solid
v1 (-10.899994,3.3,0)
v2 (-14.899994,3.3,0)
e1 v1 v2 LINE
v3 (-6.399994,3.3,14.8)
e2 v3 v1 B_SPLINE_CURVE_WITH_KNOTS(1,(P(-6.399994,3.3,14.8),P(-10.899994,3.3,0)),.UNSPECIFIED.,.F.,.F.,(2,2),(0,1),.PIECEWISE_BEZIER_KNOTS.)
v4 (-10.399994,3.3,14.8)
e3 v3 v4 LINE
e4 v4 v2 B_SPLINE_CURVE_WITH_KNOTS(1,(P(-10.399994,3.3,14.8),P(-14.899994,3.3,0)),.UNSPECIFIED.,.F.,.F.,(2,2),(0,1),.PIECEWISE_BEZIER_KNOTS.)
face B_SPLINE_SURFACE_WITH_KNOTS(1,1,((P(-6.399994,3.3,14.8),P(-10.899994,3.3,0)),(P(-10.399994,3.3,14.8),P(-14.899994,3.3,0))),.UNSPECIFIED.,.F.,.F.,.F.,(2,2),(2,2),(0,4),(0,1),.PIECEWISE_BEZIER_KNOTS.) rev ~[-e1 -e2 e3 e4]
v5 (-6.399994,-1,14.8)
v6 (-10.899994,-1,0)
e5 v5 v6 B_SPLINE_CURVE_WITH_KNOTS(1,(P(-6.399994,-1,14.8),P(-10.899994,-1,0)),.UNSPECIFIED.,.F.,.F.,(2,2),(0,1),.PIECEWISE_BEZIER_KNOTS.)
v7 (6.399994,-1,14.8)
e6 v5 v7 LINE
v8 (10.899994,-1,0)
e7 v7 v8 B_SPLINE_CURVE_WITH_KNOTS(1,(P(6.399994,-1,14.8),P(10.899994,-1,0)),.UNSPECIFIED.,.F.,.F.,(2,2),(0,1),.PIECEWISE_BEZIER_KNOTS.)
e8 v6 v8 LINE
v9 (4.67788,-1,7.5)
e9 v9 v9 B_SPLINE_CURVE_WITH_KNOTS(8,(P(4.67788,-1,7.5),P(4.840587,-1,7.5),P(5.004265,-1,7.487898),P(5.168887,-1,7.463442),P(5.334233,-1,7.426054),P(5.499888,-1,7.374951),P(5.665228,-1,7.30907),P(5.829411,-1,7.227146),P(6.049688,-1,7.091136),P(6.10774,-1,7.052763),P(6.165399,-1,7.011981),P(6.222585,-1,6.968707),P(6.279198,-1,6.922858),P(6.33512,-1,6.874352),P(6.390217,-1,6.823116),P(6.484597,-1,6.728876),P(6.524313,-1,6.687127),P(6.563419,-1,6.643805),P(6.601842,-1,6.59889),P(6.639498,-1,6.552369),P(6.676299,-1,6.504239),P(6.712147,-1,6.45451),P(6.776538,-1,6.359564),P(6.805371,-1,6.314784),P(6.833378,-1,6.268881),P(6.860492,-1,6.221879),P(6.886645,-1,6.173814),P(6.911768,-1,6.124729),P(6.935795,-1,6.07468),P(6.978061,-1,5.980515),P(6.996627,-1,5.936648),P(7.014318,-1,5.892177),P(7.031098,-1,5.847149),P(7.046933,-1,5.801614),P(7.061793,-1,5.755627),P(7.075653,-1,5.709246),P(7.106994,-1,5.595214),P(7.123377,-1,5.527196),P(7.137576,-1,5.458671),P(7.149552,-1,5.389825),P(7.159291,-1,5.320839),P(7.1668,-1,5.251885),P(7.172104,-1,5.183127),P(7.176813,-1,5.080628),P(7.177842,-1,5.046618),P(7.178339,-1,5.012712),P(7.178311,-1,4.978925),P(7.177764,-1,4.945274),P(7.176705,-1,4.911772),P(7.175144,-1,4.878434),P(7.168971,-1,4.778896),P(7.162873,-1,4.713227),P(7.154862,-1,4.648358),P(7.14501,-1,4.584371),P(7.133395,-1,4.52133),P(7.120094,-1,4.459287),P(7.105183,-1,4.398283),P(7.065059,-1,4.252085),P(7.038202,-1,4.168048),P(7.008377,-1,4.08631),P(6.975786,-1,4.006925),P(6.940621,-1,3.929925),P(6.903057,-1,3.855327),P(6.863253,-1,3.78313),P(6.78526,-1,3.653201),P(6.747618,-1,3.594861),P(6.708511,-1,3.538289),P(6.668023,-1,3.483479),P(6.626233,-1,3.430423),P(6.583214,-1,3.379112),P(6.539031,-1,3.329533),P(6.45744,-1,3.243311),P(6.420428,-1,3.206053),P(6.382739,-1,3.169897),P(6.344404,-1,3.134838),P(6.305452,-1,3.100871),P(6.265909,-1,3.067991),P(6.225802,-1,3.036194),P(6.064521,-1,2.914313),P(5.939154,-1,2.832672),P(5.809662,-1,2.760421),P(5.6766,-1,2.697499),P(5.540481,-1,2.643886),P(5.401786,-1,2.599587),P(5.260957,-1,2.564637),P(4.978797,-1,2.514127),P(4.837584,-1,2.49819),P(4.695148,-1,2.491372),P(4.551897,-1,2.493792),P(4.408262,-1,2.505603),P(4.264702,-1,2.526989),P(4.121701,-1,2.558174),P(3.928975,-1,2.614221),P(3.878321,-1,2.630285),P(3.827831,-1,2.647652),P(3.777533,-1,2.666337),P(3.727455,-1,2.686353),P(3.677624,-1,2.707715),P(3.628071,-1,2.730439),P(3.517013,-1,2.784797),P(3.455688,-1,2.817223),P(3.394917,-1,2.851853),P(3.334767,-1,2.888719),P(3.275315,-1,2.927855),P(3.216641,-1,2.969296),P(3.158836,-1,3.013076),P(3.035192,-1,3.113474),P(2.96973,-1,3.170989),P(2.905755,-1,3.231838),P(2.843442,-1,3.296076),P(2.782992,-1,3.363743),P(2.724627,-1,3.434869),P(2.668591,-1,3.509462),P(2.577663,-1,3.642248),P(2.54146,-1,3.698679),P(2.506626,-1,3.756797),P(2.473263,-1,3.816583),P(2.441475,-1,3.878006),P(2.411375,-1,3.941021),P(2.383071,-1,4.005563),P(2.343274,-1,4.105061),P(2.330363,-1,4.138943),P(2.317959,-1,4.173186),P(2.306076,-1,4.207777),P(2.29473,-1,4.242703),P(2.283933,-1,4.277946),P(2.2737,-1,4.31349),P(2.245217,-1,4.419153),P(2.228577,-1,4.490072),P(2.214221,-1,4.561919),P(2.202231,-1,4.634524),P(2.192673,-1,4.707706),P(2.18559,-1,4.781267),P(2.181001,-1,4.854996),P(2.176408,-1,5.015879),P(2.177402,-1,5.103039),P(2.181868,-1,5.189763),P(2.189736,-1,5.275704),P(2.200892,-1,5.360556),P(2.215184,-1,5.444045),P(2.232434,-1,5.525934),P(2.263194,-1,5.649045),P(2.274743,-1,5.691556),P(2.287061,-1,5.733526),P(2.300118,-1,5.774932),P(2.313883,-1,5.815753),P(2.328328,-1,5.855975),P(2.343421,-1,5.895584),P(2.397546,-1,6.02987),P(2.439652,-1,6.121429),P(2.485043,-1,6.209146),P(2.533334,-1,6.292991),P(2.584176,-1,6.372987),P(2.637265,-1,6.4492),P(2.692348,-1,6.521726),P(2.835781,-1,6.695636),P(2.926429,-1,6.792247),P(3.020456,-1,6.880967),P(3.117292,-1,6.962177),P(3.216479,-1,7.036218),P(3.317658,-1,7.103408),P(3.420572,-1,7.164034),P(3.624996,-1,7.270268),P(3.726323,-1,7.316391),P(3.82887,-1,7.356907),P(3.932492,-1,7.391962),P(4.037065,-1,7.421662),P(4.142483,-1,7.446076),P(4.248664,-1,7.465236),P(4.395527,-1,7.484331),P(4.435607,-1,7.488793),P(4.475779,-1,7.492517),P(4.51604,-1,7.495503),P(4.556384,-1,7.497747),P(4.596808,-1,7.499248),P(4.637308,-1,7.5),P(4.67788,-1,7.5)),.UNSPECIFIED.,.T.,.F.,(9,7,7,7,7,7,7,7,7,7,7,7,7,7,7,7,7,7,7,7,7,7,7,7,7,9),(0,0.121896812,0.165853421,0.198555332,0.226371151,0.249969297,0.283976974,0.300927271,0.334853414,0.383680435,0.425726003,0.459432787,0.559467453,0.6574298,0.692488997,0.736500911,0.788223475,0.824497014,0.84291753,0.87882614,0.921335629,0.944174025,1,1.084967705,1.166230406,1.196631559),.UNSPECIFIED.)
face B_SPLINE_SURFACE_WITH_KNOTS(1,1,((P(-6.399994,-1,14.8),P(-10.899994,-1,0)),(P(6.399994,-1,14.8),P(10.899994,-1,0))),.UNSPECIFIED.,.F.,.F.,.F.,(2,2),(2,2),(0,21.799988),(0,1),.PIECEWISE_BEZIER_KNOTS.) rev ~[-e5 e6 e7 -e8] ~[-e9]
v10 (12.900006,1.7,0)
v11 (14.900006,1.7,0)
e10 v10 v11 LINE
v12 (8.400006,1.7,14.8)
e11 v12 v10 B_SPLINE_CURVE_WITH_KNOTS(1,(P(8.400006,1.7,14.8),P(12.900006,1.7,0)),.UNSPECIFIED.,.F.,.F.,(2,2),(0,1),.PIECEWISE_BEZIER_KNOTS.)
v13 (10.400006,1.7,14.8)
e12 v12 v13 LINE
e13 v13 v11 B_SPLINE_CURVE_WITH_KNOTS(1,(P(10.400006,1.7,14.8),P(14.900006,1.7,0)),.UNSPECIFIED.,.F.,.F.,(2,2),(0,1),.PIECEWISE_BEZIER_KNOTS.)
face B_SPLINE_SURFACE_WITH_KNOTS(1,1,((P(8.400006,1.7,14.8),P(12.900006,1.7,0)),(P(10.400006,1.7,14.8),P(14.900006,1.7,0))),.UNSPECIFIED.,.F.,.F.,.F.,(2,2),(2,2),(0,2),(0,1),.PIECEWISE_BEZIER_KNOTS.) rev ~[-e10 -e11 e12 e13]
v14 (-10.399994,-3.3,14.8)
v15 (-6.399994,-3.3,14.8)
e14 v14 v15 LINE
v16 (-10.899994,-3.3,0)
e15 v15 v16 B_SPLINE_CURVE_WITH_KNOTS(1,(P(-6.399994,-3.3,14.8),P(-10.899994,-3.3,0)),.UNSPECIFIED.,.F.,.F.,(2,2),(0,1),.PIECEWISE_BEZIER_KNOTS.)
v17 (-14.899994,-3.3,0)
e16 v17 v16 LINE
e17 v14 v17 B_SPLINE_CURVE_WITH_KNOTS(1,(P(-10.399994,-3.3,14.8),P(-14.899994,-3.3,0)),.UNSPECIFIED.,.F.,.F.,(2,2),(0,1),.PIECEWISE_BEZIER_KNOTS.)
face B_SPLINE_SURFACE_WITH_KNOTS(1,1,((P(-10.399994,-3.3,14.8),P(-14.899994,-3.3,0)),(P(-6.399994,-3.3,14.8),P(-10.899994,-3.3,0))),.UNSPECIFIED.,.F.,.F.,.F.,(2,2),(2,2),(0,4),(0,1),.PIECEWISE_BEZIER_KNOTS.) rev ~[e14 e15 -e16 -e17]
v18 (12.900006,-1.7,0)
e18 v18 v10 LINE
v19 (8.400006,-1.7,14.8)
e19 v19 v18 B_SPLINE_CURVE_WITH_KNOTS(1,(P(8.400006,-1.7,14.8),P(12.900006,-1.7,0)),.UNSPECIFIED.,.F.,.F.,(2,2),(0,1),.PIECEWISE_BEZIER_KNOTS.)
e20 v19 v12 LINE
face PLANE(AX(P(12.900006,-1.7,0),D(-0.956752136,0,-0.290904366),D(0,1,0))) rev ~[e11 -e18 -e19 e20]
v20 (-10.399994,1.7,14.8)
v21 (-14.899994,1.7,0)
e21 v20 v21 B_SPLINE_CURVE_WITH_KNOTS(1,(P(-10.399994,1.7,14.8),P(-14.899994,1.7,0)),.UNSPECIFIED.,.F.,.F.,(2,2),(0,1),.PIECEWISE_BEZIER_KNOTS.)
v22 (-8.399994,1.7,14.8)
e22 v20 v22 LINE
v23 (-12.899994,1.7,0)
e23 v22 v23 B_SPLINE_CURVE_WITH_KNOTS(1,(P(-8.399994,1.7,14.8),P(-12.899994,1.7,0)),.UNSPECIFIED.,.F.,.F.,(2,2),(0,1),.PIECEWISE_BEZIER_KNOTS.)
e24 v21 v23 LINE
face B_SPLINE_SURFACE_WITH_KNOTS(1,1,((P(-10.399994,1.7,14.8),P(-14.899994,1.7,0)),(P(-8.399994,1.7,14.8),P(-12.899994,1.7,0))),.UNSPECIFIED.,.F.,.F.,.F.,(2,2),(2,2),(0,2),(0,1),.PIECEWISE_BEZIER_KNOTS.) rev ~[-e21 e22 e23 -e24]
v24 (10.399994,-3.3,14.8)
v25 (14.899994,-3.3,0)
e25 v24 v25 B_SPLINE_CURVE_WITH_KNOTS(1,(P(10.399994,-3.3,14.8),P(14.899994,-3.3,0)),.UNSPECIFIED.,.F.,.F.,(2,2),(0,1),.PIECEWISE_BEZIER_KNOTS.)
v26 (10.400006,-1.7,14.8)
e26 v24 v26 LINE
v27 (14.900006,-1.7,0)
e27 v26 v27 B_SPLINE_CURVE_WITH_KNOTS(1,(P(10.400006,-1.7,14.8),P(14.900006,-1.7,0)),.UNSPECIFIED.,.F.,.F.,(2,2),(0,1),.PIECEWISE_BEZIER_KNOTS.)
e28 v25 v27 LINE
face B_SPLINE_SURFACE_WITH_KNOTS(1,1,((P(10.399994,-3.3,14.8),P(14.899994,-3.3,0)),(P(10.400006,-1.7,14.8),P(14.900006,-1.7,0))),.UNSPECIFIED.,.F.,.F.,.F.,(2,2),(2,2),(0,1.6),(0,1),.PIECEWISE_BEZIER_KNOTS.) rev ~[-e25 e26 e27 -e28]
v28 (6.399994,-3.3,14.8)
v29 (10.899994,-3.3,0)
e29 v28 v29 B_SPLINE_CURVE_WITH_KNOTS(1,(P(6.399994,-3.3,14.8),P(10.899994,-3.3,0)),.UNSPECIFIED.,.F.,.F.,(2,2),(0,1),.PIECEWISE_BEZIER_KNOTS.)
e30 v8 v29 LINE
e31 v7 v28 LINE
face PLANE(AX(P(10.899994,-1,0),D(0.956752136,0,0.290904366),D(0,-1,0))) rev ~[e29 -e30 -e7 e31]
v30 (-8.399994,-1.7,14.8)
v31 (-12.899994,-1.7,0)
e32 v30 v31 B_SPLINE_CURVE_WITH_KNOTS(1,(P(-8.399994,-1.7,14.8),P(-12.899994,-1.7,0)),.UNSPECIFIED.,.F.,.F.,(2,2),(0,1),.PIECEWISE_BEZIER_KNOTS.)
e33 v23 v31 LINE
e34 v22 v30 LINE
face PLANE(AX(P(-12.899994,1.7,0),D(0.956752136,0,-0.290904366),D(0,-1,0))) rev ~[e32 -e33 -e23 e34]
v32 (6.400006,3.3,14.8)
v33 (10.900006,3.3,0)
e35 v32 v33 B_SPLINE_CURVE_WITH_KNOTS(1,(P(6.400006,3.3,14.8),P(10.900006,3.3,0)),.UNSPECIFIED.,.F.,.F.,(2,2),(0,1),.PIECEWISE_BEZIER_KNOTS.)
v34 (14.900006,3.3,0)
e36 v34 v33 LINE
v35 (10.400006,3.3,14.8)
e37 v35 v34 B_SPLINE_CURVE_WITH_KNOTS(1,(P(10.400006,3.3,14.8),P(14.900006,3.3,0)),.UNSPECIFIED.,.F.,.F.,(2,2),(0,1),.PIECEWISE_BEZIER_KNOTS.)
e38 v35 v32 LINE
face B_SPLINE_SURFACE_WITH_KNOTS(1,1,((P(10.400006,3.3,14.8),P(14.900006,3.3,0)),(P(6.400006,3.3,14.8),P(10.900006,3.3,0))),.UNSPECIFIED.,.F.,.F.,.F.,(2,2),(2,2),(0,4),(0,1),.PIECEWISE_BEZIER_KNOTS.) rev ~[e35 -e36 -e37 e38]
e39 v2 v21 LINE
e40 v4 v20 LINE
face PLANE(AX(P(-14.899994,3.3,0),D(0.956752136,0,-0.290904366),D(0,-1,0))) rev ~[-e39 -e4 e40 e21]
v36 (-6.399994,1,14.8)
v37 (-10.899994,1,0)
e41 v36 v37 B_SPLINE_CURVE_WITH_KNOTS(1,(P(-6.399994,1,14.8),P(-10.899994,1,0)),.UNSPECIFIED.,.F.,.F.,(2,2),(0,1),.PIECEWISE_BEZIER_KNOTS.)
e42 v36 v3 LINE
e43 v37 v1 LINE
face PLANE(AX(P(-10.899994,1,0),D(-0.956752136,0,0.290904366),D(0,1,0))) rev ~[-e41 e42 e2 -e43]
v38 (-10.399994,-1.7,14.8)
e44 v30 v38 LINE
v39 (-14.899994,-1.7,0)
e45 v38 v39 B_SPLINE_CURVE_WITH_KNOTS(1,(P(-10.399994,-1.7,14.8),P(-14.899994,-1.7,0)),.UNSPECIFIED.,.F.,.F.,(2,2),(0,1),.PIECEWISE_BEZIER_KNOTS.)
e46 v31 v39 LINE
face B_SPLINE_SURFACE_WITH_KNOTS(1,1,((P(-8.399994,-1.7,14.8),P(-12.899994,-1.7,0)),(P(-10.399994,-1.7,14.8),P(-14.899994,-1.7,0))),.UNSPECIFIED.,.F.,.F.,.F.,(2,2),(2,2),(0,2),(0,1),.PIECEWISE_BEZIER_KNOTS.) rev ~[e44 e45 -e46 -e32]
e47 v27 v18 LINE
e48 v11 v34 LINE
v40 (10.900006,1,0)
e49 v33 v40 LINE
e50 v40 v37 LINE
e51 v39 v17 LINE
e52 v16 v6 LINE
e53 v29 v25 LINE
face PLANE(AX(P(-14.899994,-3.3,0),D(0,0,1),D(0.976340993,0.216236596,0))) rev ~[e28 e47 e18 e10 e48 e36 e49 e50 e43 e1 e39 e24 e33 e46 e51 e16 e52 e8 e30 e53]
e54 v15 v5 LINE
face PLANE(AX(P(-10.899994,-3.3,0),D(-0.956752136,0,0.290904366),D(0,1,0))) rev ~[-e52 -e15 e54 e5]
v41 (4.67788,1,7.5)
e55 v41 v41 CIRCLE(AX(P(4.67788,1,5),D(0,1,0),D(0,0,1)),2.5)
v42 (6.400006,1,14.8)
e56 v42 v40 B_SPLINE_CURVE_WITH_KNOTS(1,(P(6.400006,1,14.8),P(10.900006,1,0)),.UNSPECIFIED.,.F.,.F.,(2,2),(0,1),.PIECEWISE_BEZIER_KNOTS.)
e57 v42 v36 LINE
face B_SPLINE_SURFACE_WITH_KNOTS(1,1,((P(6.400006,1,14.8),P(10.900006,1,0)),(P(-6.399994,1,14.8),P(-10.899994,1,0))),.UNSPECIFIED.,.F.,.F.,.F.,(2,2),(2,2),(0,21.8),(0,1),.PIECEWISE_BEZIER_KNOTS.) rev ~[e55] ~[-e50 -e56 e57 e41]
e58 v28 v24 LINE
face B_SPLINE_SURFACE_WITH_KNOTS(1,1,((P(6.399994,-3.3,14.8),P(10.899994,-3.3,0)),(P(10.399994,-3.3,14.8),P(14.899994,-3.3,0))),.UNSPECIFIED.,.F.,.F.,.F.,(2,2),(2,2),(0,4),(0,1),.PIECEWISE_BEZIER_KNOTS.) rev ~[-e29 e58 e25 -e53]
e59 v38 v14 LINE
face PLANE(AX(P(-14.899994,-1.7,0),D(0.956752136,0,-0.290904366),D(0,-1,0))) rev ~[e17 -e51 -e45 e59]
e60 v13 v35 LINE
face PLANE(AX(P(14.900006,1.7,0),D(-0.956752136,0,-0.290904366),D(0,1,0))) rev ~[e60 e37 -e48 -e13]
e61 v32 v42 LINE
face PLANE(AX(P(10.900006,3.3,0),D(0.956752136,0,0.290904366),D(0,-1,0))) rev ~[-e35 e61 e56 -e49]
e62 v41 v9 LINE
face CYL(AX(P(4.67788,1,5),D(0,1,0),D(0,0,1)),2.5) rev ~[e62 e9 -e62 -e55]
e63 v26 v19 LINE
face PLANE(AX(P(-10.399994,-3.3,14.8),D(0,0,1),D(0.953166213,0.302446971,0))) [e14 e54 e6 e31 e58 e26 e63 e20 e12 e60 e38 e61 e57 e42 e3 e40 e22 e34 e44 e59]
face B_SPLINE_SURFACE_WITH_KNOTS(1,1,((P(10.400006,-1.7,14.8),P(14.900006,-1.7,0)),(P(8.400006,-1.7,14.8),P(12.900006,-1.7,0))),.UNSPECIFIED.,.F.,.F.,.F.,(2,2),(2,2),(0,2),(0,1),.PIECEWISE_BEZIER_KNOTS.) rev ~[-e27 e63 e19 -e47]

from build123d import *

# Parameters (mm, degrees)
SKETCH_R     = 2.5
POCKET_DEPTH = 4.301


with BuildPart() as part:
    # CopySketch002 → AdditiveLoft section 0
    with BuildSketch(Plane.XY.offset(14.8)):
        Polygon((-10.399994, -3.3), (-6.399994, -3.3), (-6.399994, -1), (6.399994, -1), (6.399994, -3.3), (10.399994, -3.3), (10.400006, -1.7), (8.400006, -1.7), (8.400006, 1.7), (10.400006, 1.7), (10.400006, 3.3), (6.400006, 3.3), (6.400006, 1), (-6.399994, 1), (-6.399994, 3.3), (-10.399994, 3.3), (-10.399994, 1.7), (-8.399994, 1.7), (-8.399994, -1.7), (-10.399994, -1.7), align=None)
    # Sketch001 (on Plane) → AdditiveLoft section 1
    with BuildSketch(Plane.XY):
        Polygon((-14.899994, -3.3), (-10.899994, -3.3), (-10.899994, -1), (10.899994, -1), (10.899994, -3.3), (14.899994, -3.3), (14.900006, -1.7), (12.900006, -1.7), (12.900006, 1.7), (14.900006, 1.7), (14.900006, 3.3), (10.900006, 3.3), (10.900006, 1), (-10.899994, 1), (-10.899994, 3.3), (-14.899994, 3.3), (-14.899994, 1.7), (-12.899994, 1.7), (-12.899994, -1.7), (-14.899994, -1.7), align=None)
    loft()

    # Sketch (on Face15 of AdditiveLoft) → Pocket (cut, through all)
    with BuildSketch(Plane(origin=(6e-06, 1, 6.758382), x_dir=(0, 0, 1), z_dir=(0, 1, 0))):
        with Locations((-1.758382, 4.677874)):
            Circle(SKETCH_R)
    extrude(amount=-POCKET_DEPTH, mode=Mode.SUBTRACT)


solid = part.part
